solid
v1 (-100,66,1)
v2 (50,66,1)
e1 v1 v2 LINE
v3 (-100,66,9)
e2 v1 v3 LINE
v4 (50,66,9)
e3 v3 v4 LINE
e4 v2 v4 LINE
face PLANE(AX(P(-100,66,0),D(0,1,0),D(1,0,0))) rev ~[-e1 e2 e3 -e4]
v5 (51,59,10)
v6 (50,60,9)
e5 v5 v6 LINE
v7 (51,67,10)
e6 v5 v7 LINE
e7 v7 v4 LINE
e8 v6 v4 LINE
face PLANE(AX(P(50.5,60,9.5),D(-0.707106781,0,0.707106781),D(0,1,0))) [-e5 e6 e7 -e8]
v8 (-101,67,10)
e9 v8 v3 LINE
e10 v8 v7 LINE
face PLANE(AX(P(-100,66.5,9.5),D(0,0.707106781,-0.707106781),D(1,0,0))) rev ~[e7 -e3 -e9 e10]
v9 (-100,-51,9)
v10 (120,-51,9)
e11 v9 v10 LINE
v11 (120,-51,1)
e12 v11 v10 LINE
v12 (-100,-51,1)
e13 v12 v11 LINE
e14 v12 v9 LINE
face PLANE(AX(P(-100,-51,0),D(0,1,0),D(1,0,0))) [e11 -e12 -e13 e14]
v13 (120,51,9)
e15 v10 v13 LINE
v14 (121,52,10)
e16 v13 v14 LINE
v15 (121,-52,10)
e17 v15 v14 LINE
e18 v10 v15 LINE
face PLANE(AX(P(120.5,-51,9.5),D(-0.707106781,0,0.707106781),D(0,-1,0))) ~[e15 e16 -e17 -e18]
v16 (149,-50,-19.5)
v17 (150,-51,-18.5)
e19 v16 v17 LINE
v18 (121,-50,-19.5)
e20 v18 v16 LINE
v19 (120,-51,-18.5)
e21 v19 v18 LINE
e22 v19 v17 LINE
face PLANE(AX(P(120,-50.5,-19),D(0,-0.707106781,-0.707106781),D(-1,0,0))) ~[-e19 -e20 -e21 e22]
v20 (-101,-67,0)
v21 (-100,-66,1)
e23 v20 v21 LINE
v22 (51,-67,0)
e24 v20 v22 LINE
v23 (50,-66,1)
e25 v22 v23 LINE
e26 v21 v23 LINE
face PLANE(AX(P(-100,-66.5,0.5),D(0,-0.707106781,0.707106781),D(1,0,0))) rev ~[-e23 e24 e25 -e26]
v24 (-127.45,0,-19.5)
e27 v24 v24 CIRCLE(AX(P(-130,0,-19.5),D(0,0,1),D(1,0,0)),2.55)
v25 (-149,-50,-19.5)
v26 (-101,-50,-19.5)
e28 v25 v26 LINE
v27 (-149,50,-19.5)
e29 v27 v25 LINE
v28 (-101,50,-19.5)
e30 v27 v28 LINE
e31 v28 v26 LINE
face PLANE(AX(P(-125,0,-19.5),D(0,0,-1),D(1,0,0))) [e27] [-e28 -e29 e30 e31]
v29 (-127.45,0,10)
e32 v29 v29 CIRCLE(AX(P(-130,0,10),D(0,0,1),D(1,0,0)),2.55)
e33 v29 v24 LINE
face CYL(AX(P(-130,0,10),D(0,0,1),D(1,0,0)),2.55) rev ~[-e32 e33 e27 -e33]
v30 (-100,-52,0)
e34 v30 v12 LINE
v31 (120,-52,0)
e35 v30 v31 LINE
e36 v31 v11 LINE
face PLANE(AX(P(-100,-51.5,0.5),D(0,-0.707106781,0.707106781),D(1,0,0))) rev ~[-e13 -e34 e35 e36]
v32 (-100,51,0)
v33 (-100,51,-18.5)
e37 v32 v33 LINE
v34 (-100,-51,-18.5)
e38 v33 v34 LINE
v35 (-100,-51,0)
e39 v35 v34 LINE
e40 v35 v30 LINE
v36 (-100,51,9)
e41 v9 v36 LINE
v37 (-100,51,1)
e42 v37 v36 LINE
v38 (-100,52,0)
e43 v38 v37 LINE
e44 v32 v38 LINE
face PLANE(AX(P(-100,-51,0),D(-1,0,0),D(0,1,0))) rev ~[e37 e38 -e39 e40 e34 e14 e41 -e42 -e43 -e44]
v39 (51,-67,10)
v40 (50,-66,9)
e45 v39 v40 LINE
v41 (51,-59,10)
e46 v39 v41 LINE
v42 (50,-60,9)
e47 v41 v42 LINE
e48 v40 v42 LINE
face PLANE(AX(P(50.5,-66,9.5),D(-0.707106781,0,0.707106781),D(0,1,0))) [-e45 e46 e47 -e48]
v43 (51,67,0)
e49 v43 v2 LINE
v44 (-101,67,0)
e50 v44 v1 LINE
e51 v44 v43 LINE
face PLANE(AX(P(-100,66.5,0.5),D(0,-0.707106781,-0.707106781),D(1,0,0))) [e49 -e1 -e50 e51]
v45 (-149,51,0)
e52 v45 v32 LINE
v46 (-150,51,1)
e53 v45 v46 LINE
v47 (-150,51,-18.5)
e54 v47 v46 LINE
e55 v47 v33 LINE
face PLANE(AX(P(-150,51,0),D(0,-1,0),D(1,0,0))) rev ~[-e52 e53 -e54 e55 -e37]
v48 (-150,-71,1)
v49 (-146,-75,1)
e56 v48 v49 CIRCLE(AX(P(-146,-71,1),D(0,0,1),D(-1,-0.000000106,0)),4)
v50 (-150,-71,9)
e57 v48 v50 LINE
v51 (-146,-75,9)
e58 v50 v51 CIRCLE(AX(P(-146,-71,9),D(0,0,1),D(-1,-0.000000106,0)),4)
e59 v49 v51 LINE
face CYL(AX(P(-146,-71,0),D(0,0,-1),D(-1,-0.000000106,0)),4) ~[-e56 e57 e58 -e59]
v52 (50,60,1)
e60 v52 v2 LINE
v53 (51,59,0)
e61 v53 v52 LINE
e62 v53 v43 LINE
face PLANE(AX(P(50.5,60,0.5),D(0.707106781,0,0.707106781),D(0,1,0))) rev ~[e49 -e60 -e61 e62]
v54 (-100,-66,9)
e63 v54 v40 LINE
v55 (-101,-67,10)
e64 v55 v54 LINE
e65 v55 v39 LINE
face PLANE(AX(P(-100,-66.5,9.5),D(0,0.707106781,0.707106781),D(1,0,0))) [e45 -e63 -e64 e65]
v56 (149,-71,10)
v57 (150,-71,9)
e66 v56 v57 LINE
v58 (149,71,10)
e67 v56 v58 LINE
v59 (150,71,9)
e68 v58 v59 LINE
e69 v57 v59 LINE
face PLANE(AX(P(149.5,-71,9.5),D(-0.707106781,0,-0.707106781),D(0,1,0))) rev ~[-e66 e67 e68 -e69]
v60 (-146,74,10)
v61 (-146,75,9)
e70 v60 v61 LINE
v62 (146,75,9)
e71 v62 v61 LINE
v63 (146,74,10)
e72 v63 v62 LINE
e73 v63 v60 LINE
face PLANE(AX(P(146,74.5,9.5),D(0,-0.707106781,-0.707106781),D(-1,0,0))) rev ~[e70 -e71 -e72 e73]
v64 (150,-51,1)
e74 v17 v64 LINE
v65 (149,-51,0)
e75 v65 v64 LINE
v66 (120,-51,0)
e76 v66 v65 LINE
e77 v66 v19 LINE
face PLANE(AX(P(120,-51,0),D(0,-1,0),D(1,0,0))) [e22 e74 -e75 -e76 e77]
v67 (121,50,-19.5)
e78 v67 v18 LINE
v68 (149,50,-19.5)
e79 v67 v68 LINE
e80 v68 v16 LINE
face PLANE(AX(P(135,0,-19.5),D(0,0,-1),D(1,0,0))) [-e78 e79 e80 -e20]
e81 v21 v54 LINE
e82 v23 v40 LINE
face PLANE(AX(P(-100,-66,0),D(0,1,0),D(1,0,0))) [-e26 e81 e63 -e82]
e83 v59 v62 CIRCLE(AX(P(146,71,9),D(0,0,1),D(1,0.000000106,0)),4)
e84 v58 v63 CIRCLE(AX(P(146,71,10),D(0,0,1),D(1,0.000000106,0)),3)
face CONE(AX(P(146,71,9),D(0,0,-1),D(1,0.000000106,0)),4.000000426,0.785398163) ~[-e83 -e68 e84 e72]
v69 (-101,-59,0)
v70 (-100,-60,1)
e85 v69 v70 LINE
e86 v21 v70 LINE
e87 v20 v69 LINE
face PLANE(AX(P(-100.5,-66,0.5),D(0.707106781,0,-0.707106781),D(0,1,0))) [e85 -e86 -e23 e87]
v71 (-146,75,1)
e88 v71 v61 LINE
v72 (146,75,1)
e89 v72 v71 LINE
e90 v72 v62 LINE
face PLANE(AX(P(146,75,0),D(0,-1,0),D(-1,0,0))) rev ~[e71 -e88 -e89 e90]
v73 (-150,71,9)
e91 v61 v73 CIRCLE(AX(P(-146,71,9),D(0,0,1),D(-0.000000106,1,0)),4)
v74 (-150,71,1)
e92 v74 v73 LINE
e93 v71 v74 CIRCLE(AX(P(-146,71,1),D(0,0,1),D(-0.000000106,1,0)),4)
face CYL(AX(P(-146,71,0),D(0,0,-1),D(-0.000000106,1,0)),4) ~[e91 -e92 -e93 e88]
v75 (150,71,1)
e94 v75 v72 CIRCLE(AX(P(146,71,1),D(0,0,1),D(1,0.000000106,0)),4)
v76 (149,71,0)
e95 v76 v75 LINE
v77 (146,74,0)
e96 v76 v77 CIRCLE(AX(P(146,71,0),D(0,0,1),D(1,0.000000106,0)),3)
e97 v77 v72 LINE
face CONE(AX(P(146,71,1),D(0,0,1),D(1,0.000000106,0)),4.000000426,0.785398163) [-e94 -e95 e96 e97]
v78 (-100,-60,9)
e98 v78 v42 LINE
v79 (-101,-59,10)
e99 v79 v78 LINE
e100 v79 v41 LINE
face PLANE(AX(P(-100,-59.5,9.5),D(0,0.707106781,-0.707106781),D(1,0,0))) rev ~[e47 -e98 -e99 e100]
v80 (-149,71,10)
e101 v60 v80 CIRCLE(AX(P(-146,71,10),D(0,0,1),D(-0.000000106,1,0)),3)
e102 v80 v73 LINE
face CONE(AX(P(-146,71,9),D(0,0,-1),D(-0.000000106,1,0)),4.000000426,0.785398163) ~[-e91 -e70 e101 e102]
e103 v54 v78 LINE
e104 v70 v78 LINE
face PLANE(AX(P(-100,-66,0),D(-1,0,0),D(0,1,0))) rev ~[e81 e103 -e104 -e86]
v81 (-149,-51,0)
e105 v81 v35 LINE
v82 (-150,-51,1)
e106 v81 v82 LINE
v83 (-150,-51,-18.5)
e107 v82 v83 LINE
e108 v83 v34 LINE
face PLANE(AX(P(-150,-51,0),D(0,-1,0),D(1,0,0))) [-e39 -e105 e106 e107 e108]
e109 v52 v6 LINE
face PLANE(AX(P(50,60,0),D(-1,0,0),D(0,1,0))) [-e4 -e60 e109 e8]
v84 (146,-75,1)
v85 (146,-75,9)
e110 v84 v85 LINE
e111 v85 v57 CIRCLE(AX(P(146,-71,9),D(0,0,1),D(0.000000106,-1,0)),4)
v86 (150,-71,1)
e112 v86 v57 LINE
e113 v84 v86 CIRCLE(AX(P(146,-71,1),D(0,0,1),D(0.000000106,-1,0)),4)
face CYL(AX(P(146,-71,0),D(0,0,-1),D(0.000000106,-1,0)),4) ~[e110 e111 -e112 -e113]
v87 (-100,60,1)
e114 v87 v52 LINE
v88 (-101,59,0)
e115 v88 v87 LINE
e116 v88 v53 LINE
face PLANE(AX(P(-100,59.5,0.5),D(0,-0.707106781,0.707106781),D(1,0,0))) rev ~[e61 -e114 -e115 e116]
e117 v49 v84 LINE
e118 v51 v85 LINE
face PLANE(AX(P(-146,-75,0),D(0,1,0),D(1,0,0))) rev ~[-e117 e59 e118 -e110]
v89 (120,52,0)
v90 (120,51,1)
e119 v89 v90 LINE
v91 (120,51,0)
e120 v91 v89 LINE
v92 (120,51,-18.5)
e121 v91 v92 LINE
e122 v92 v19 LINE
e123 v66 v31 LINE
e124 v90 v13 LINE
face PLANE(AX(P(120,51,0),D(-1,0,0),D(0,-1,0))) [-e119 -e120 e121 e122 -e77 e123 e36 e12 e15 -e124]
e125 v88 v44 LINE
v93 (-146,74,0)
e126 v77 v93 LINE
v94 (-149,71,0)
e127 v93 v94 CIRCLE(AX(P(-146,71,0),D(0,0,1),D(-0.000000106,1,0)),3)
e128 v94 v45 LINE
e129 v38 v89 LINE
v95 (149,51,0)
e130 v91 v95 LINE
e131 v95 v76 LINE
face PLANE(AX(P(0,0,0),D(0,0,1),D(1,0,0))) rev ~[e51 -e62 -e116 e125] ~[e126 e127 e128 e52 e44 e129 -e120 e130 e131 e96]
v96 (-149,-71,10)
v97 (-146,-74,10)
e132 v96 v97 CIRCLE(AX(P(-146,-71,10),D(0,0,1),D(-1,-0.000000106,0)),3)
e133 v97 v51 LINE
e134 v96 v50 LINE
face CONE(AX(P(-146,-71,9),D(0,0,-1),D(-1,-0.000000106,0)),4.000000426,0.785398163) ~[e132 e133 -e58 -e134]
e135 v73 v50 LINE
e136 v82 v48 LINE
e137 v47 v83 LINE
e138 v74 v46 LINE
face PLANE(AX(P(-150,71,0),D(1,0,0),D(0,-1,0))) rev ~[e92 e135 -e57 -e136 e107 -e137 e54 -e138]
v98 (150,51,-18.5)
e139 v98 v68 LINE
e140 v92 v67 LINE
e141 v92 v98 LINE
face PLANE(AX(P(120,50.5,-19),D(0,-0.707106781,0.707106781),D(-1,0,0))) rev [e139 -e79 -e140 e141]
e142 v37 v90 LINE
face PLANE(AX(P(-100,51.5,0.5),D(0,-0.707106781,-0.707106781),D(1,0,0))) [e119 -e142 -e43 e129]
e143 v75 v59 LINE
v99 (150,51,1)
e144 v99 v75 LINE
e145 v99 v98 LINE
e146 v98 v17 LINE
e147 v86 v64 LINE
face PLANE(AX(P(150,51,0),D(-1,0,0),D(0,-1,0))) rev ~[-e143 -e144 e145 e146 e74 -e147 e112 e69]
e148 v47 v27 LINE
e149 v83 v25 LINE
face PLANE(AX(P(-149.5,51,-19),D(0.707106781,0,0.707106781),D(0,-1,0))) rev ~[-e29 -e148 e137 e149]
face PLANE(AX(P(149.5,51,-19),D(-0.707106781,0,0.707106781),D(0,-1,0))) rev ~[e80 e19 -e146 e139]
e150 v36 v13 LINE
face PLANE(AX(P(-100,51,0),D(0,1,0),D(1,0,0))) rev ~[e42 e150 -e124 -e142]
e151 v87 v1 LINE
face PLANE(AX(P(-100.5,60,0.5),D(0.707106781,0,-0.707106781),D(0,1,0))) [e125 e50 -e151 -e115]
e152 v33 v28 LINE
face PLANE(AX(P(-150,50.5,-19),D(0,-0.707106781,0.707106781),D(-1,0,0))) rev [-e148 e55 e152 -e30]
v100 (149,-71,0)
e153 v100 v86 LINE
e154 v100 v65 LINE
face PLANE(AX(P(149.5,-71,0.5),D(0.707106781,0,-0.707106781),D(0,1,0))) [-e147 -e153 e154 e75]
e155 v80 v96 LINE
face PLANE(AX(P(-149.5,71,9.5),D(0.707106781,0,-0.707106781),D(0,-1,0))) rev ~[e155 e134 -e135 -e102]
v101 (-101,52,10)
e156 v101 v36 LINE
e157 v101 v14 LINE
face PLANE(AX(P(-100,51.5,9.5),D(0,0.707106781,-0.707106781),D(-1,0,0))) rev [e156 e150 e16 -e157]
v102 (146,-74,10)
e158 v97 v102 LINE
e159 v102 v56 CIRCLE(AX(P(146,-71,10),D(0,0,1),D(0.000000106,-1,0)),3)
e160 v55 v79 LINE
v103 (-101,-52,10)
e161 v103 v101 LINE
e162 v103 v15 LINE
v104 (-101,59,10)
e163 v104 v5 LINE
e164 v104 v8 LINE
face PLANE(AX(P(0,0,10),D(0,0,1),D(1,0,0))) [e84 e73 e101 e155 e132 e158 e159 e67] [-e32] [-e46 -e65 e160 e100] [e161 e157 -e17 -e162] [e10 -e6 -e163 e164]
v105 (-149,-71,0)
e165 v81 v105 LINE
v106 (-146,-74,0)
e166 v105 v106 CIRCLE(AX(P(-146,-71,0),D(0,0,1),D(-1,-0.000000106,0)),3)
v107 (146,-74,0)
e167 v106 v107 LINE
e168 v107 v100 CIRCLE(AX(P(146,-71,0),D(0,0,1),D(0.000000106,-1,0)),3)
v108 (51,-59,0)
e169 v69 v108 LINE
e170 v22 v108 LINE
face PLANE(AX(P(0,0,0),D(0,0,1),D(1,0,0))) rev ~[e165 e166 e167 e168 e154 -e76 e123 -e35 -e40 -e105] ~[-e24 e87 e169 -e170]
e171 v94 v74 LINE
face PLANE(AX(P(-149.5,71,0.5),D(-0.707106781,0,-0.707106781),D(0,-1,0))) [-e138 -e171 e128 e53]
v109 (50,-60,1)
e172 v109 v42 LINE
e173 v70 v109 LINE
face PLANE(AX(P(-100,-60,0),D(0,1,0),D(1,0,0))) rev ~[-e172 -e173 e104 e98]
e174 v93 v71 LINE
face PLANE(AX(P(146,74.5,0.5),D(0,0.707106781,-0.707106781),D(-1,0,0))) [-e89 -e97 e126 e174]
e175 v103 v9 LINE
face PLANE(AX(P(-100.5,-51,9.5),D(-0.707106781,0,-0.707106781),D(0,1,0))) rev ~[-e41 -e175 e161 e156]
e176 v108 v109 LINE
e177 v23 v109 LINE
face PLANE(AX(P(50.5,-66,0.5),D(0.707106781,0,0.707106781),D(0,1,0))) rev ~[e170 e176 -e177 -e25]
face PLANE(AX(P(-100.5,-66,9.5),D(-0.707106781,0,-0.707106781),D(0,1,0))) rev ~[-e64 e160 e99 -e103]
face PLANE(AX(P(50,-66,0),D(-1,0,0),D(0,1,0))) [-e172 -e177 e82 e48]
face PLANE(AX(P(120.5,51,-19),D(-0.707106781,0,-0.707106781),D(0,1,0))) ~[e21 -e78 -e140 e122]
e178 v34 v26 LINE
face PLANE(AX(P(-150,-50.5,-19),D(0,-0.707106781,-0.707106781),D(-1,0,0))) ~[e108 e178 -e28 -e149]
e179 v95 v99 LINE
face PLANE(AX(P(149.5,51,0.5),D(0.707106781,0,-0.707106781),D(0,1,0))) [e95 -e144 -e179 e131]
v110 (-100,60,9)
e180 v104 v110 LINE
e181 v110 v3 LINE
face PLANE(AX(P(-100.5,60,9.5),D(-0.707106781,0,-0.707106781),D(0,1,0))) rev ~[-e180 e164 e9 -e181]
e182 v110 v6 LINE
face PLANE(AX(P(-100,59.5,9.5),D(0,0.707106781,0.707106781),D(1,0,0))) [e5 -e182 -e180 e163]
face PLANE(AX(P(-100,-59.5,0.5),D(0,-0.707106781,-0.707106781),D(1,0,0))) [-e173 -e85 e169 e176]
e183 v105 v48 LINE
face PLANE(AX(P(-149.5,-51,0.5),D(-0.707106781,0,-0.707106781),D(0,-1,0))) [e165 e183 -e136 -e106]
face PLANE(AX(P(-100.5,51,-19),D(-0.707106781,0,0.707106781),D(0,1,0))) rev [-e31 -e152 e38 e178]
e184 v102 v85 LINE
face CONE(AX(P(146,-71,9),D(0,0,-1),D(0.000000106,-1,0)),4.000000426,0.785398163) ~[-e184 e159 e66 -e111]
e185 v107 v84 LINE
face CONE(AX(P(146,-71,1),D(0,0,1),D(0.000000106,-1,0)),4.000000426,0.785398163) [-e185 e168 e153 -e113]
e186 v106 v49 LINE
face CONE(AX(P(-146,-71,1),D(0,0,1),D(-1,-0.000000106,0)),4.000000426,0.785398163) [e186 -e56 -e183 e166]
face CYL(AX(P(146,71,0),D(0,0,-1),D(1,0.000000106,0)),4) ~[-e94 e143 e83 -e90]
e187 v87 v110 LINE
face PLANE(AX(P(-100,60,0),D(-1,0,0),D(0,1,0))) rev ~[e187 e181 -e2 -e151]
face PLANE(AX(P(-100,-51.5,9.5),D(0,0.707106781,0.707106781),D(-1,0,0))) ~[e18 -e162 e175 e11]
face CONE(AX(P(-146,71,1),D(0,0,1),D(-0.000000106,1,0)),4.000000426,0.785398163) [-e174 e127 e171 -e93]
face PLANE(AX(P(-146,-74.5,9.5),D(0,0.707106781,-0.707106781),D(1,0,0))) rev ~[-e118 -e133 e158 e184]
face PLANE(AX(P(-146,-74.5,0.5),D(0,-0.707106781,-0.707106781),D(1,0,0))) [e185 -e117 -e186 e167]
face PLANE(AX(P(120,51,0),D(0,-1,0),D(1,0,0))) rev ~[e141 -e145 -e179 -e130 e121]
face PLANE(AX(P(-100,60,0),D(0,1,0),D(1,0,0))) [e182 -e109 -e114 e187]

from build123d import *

# Parameters (mm, degrees)
SKETCH010_W     = 220
SKETCH010_H     = 102
SKETCH010_W_2   = 150
SKETCH010_H_2   = 6
PAD006_DEPTH    = 10
SKETCH012_W     = 30
SKETCH012_H     = 102
SKETCH012_W_2   = 50
PAD007_DEPTH    = 19.5
CHAMFER001_SIZE = 1
SKETCH_R        = 2.55
HOLE_DEPTH      = 29.501


with BuildPart() as part:
    # Sketch010 → Pad006 (new body)
    with BuildSketch(Plane.XY):
        with BuildLine():
            Line((-150, 71), (-150, -71))
            ThreePointArc((-150, -71), (-148.828427, -73.828427), (-146, -75))
            Line((-146, -75), (146, -75))
            ThreePointArc((146, -75), (148.828427, -73.828427), (150, -71))
            Line((150, -71), (150, 71))
            ThreePointArc((150, 71), (148.828427, 73.828427), (146, 75))
            Line((146, 75), (-146, 75))
            ThreePointArc((-146, 75), (-148.828427, 73.828427), (-150, 71))
        make_face()
        with Locations((10, 0)):
            Rectangle(SKETCH010_W, SKETCH010_H, mode=Mode.SUBTRACT)
        with Locations((-25, 63)):
            Rectangle(SKETCH010_W_2, SKETCH010_H_2, mode=Mode.SUBTRACT)
        with Locations((-25, -63)):
            Rectangle(SKETCH010_W_2, SKETCH010_H_2, mode=Mode.SUBTRACT)
    extrude(amount=PAD006_DEPTH)

    # Sketch012 (on Face21 of Pad006) → Pad007 (join)
    with BuildSketch(Plane(origin=(0, 0, 0), x_dir=(1, 0, 0), z_dir=(0, 0, -1))):
        with Locations((135, 0)):
            Rectangle(SKETCH012_W, SKETCH012_H)
        with Locations((-125, 0)):
            Rectangle(SKETCH012_W_2, SKETCH012_H)
    extrude(amount=PAD007_DEPTH)

    # Chamfer001
    chamfer001_edges = [part.edges().sort_by_distance(p)[0] for p in [
        (-25, -66, 0),
        (-100, -63, 0),
        (-25, -60, 0),
        (50, -63, 0),
        (50, 63, 0),
        (-25, 66, 0),
        (-25, 60, 0),
        (-100, 63, 0),
        (-150, 0, -19.5),
        (-125, 51, -19.5),
        (-100, 0, -19.5),
        (-125, -51, -19.5),
        (120, 0, -19.5),
        (135, 51, -19.5),
        (150, 0, -19.5),
        (135, -51, -19.5),
        (0, -75, 0),
        (0, 75, 0),
        (10, -51, 0),
        (10, 51, 0),
        (-150, 0, 10),
        (-148.828427, -73.828427, 10),
        (0, -75, 10),
        (148.828427, -73.828427, 10),
        (150, 0, 10),
        (148.828427, 73.828427, 10),
        (0, 75, 10),
        (-148.828427, 73.828427, 10),
        (-100, 0, 10),
        (10, -51, 10),
        (120, 0, 10),
        (10, 51, 10),
        (-100, -63, 10),
        (-25, -66, 10),
        (50, -63, 10),
        (-25, -60, 10),
        (-100, 63, 10),
        (-25, 60, 10),
        (50, 63, 10),
        (-25, 66, 10),
    ]]
    chamfer(chamfer001_edges, length=CHAMFER001_SIZE)

    # Sketch (on Face15 of Chamfer001) → Hole (cut, through all)
    with BuildSketch(Plane.XY.offset(10)):
        with Locations((-130, 0)):
            Circle(SKETCH_R)
    extrude(amount=-HOLE_DEPTH, mode=Mode.SUBTRACT)


solid = part.part
